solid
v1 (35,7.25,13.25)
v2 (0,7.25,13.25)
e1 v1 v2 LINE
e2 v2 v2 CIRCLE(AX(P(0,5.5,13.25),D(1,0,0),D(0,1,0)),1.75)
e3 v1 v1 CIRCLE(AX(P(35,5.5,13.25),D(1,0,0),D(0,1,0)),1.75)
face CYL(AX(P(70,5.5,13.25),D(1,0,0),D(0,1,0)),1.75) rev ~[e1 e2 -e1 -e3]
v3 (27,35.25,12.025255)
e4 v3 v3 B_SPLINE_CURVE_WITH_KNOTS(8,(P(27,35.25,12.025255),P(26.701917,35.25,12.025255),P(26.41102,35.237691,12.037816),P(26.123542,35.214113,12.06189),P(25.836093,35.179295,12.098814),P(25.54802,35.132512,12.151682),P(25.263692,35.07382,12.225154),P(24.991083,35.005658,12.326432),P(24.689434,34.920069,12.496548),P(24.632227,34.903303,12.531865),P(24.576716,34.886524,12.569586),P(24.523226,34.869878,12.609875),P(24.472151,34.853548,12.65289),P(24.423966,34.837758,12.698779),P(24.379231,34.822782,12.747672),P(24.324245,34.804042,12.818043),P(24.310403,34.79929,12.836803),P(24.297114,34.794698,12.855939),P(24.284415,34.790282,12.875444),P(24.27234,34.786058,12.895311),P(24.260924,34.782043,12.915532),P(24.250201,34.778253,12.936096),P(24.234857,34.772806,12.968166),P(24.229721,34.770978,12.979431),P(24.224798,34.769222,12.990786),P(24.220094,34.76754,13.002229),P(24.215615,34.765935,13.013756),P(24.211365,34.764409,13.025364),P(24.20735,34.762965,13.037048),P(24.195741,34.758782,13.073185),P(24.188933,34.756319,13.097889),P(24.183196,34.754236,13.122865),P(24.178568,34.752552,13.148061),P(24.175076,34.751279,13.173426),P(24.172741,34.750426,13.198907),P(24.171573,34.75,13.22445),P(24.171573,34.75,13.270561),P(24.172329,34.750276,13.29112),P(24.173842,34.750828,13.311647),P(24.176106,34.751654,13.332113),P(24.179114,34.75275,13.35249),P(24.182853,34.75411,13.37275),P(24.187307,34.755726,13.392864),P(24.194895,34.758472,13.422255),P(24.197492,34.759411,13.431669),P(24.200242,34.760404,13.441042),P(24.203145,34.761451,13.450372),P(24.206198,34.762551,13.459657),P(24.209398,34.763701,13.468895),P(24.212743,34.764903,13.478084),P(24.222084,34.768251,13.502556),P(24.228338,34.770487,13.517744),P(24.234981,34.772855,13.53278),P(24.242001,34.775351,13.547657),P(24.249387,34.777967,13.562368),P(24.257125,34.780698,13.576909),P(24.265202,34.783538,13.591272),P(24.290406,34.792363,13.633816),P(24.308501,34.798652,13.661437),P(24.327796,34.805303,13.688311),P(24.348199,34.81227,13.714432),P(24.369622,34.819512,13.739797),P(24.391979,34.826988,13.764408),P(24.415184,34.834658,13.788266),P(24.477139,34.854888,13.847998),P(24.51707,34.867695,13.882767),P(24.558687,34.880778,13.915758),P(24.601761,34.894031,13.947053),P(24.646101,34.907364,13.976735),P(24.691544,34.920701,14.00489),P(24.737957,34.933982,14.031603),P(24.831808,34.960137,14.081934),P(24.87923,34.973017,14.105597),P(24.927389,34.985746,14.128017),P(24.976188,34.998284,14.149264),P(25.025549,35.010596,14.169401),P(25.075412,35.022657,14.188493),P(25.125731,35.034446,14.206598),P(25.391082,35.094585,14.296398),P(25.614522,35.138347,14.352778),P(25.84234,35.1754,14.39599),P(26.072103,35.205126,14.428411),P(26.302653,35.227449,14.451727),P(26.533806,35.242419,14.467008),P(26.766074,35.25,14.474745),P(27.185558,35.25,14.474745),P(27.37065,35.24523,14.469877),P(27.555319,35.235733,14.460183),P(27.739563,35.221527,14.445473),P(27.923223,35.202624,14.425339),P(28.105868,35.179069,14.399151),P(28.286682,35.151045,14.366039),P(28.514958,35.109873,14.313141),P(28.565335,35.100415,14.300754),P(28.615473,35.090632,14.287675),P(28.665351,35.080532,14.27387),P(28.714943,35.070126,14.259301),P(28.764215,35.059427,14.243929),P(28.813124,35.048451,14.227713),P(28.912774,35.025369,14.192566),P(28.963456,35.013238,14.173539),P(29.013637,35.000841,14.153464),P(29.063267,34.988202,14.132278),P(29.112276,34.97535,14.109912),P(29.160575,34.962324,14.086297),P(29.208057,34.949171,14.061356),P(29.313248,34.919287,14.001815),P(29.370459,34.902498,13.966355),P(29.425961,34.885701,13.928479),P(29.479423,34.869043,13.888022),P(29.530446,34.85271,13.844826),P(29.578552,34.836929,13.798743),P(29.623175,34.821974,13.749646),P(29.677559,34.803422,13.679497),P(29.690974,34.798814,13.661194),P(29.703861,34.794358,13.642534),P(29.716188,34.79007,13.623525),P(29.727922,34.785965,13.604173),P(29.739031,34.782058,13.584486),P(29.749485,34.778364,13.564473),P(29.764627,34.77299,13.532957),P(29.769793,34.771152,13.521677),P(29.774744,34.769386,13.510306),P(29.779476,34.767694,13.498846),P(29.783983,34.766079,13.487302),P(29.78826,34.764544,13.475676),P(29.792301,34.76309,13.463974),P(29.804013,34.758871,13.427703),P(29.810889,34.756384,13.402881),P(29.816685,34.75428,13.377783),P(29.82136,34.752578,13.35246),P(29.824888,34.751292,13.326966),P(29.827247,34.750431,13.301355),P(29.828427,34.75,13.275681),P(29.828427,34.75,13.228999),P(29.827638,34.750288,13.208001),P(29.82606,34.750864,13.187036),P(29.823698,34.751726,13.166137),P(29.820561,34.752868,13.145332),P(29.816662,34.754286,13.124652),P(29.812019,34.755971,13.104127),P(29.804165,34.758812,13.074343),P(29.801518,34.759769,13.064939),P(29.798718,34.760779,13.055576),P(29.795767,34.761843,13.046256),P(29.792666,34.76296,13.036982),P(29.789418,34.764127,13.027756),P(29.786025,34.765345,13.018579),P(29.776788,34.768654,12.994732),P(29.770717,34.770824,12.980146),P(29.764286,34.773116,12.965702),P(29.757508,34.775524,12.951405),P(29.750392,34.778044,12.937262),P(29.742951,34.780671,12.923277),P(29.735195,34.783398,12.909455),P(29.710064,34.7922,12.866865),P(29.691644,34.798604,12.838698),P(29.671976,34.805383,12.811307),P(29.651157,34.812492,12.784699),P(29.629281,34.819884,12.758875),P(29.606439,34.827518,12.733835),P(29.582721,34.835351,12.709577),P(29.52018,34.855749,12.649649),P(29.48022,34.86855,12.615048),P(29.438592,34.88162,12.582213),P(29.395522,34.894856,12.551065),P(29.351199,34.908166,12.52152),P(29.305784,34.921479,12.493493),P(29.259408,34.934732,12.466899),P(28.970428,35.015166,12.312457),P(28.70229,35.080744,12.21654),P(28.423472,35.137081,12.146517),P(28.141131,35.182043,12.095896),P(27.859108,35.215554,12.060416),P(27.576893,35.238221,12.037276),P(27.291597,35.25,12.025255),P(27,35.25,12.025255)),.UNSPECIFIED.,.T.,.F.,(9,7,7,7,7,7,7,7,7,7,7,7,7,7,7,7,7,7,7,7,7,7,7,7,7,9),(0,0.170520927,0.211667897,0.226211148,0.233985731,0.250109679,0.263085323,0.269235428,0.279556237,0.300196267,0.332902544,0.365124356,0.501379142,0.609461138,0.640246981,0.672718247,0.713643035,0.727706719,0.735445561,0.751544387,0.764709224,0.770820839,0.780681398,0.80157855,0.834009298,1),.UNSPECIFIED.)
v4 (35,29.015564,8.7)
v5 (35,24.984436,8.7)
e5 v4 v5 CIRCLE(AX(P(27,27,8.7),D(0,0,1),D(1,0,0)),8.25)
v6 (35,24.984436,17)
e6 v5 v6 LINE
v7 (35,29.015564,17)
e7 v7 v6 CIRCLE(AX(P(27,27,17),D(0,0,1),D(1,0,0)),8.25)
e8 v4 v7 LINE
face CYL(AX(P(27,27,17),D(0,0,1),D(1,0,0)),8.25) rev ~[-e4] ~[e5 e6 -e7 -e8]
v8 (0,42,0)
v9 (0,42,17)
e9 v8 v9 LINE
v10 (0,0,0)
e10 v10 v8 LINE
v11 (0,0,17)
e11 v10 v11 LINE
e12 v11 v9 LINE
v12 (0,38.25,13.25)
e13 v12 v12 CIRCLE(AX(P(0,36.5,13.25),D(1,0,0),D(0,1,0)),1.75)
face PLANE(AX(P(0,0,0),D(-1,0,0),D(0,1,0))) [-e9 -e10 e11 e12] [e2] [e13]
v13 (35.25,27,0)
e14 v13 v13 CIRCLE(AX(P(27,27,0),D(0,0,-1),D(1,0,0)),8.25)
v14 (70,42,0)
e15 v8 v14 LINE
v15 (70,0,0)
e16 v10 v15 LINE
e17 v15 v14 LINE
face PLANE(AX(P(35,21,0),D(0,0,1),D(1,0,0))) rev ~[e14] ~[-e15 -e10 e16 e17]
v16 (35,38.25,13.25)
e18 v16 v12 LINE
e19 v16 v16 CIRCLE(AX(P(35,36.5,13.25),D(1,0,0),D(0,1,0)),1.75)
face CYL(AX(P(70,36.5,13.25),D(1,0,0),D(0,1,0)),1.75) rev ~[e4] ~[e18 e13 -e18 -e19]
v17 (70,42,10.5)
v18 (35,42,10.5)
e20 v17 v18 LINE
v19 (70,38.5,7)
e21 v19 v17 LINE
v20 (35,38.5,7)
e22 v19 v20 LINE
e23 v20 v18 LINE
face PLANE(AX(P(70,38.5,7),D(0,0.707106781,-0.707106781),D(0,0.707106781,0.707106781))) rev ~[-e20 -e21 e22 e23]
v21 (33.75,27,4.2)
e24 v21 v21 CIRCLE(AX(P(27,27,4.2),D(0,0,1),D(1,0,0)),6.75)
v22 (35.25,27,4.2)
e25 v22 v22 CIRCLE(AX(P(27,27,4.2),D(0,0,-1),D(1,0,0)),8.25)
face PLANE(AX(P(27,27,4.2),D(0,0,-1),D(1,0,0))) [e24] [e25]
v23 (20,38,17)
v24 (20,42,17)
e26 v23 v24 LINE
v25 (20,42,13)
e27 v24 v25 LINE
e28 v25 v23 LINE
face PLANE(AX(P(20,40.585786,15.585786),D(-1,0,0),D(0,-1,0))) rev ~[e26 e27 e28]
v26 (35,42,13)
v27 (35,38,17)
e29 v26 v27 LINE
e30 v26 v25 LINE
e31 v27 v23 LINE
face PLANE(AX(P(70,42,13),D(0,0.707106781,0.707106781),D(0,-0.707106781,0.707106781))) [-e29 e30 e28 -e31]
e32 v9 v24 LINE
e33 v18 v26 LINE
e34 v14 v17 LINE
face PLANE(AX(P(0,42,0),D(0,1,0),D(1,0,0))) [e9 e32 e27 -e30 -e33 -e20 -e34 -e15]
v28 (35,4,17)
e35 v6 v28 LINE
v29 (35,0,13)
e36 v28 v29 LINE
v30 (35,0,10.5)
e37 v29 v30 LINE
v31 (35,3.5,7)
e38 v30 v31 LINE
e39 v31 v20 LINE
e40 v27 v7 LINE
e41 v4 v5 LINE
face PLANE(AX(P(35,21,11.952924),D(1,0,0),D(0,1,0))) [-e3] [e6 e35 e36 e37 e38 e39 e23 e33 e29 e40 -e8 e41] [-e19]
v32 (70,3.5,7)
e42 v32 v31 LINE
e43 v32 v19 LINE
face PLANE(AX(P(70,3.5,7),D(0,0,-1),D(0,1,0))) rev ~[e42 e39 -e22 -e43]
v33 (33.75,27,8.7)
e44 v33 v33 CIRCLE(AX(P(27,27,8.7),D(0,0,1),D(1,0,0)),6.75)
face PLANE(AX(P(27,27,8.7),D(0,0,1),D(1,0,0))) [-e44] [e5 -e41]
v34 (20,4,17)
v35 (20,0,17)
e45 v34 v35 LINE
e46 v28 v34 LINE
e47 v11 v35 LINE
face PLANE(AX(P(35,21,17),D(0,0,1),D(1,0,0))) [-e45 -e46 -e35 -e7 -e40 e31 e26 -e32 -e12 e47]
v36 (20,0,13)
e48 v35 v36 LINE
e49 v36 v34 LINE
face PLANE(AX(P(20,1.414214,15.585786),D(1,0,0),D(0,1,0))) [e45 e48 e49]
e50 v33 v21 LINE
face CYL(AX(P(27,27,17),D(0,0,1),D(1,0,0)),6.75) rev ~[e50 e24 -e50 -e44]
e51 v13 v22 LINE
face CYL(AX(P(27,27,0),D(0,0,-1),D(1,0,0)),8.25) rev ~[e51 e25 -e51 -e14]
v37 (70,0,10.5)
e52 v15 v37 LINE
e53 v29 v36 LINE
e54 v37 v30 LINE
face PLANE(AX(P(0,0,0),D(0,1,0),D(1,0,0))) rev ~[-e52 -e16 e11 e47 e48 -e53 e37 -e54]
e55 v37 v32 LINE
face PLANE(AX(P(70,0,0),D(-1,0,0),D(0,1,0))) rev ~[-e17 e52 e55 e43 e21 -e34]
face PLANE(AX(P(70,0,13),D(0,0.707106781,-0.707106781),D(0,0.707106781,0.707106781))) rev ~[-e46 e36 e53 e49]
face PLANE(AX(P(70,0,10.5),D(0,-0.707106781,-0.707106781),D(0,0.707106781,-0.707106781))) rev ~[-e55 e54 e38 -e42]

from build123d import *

# Parameters (mm, degrees)
BOX_W           = 70
BOX_H           = 42
BOX_DEPTH       = 17
SKETCH_R        = 1.75
POCKET_DEPTH    = 70.001
POCKET001_DEPTH = 50
POCKET002_DEPTH = 35
SKETCH003_R     = 6.75
POCKET003_DEPTH = 17.001
SKETCH004_R     = 8.25
POCKET004_DEPTH = 8.3
SKETCH005_R     = 8.25
POCKET005_DEPTH = 4.2


with BuildPart() as part:
    # Box → Box (new body)
    with BuildSketch(Plane.XY):
        with Locations((35, 21)):
            Rectangle(BOX_W, BOX_H)
    extrude(amount=BOX_DEPTH)

    # Sketch (on Face2 of BaseFeature) → Pocket (cut, through all)
    with BuildSketch(Plane.YZ.offset(70)):
        with Locations((5.5, 13.25)):
            Circle(SKETCH_R)
        with Locations((36.5, 13.25)):
            Circle(SKETCH_R)
    extrude(amount=-POCKET_DEPTH, mode=Mode.SUBTRACT)

    # Sketch001 (on Face2 of BaseFeature) → Pocket001 (cut)
    with BuildSketch(Plane.YZ.offset(70)):
        Polygon((4, 17), (0, 17), (0, 13), align=None)
        Polygon((38, 17), (42, 17), (42, 13), align=None)
    extrude(amount=-POCKET001_DEPTH, mode=Mode.SUBTRACT)

    # Sketch002 (on Face8 of Pocket001) → Pocket002 (cut)
    with BuildSketch(Plane.YZ.offset(70)):
        Polygon((4, 17), (0, 13), (0, 10.5), (3.5, 7), (38.5, 7), (42, 10.5), (42, 13), (38, 17), align=None)
    extrude(amount=-POCKET002_DEPTH, mode=Mode.SUBTRACT)

    # Sketch003 (on Face3 of Pocket002) → Pocket003 (cut, through all)
    with BuildSketch(Plane.XY.offset(17)):
        with Locations((27, 27)):
            Circle(SKETCH003_R)
    extrude(amount=-POCKET003_DEPTH, mode=Mode.SUBTRACT)

    # Sketch004 (on Face3 of Pocket003) → Pocket004 (cut)
    with BuildSketch(Plane.XY.offset(17)):
        with Locations((27, 27)):
            Circle(SKETCH004_R)
    extrude(amount=-POCKET004_DEPTH, mode=Mode.SUBTRACT)

    # Sketch005 (on Face4 of Pocket004) → Pocket005 (cut)
    with BuildSketch(Plane(origin=(0, 0, 0), x_dir=(1, 0, 0), z_dir=(0, 0, -1))):
        with Locations((27, -27)):
            Circle(SKETCH005_R)
    extrude(amount=-POCKET005_DEPTH, mode=Mode.SUBTRACT)


solid = part.part
